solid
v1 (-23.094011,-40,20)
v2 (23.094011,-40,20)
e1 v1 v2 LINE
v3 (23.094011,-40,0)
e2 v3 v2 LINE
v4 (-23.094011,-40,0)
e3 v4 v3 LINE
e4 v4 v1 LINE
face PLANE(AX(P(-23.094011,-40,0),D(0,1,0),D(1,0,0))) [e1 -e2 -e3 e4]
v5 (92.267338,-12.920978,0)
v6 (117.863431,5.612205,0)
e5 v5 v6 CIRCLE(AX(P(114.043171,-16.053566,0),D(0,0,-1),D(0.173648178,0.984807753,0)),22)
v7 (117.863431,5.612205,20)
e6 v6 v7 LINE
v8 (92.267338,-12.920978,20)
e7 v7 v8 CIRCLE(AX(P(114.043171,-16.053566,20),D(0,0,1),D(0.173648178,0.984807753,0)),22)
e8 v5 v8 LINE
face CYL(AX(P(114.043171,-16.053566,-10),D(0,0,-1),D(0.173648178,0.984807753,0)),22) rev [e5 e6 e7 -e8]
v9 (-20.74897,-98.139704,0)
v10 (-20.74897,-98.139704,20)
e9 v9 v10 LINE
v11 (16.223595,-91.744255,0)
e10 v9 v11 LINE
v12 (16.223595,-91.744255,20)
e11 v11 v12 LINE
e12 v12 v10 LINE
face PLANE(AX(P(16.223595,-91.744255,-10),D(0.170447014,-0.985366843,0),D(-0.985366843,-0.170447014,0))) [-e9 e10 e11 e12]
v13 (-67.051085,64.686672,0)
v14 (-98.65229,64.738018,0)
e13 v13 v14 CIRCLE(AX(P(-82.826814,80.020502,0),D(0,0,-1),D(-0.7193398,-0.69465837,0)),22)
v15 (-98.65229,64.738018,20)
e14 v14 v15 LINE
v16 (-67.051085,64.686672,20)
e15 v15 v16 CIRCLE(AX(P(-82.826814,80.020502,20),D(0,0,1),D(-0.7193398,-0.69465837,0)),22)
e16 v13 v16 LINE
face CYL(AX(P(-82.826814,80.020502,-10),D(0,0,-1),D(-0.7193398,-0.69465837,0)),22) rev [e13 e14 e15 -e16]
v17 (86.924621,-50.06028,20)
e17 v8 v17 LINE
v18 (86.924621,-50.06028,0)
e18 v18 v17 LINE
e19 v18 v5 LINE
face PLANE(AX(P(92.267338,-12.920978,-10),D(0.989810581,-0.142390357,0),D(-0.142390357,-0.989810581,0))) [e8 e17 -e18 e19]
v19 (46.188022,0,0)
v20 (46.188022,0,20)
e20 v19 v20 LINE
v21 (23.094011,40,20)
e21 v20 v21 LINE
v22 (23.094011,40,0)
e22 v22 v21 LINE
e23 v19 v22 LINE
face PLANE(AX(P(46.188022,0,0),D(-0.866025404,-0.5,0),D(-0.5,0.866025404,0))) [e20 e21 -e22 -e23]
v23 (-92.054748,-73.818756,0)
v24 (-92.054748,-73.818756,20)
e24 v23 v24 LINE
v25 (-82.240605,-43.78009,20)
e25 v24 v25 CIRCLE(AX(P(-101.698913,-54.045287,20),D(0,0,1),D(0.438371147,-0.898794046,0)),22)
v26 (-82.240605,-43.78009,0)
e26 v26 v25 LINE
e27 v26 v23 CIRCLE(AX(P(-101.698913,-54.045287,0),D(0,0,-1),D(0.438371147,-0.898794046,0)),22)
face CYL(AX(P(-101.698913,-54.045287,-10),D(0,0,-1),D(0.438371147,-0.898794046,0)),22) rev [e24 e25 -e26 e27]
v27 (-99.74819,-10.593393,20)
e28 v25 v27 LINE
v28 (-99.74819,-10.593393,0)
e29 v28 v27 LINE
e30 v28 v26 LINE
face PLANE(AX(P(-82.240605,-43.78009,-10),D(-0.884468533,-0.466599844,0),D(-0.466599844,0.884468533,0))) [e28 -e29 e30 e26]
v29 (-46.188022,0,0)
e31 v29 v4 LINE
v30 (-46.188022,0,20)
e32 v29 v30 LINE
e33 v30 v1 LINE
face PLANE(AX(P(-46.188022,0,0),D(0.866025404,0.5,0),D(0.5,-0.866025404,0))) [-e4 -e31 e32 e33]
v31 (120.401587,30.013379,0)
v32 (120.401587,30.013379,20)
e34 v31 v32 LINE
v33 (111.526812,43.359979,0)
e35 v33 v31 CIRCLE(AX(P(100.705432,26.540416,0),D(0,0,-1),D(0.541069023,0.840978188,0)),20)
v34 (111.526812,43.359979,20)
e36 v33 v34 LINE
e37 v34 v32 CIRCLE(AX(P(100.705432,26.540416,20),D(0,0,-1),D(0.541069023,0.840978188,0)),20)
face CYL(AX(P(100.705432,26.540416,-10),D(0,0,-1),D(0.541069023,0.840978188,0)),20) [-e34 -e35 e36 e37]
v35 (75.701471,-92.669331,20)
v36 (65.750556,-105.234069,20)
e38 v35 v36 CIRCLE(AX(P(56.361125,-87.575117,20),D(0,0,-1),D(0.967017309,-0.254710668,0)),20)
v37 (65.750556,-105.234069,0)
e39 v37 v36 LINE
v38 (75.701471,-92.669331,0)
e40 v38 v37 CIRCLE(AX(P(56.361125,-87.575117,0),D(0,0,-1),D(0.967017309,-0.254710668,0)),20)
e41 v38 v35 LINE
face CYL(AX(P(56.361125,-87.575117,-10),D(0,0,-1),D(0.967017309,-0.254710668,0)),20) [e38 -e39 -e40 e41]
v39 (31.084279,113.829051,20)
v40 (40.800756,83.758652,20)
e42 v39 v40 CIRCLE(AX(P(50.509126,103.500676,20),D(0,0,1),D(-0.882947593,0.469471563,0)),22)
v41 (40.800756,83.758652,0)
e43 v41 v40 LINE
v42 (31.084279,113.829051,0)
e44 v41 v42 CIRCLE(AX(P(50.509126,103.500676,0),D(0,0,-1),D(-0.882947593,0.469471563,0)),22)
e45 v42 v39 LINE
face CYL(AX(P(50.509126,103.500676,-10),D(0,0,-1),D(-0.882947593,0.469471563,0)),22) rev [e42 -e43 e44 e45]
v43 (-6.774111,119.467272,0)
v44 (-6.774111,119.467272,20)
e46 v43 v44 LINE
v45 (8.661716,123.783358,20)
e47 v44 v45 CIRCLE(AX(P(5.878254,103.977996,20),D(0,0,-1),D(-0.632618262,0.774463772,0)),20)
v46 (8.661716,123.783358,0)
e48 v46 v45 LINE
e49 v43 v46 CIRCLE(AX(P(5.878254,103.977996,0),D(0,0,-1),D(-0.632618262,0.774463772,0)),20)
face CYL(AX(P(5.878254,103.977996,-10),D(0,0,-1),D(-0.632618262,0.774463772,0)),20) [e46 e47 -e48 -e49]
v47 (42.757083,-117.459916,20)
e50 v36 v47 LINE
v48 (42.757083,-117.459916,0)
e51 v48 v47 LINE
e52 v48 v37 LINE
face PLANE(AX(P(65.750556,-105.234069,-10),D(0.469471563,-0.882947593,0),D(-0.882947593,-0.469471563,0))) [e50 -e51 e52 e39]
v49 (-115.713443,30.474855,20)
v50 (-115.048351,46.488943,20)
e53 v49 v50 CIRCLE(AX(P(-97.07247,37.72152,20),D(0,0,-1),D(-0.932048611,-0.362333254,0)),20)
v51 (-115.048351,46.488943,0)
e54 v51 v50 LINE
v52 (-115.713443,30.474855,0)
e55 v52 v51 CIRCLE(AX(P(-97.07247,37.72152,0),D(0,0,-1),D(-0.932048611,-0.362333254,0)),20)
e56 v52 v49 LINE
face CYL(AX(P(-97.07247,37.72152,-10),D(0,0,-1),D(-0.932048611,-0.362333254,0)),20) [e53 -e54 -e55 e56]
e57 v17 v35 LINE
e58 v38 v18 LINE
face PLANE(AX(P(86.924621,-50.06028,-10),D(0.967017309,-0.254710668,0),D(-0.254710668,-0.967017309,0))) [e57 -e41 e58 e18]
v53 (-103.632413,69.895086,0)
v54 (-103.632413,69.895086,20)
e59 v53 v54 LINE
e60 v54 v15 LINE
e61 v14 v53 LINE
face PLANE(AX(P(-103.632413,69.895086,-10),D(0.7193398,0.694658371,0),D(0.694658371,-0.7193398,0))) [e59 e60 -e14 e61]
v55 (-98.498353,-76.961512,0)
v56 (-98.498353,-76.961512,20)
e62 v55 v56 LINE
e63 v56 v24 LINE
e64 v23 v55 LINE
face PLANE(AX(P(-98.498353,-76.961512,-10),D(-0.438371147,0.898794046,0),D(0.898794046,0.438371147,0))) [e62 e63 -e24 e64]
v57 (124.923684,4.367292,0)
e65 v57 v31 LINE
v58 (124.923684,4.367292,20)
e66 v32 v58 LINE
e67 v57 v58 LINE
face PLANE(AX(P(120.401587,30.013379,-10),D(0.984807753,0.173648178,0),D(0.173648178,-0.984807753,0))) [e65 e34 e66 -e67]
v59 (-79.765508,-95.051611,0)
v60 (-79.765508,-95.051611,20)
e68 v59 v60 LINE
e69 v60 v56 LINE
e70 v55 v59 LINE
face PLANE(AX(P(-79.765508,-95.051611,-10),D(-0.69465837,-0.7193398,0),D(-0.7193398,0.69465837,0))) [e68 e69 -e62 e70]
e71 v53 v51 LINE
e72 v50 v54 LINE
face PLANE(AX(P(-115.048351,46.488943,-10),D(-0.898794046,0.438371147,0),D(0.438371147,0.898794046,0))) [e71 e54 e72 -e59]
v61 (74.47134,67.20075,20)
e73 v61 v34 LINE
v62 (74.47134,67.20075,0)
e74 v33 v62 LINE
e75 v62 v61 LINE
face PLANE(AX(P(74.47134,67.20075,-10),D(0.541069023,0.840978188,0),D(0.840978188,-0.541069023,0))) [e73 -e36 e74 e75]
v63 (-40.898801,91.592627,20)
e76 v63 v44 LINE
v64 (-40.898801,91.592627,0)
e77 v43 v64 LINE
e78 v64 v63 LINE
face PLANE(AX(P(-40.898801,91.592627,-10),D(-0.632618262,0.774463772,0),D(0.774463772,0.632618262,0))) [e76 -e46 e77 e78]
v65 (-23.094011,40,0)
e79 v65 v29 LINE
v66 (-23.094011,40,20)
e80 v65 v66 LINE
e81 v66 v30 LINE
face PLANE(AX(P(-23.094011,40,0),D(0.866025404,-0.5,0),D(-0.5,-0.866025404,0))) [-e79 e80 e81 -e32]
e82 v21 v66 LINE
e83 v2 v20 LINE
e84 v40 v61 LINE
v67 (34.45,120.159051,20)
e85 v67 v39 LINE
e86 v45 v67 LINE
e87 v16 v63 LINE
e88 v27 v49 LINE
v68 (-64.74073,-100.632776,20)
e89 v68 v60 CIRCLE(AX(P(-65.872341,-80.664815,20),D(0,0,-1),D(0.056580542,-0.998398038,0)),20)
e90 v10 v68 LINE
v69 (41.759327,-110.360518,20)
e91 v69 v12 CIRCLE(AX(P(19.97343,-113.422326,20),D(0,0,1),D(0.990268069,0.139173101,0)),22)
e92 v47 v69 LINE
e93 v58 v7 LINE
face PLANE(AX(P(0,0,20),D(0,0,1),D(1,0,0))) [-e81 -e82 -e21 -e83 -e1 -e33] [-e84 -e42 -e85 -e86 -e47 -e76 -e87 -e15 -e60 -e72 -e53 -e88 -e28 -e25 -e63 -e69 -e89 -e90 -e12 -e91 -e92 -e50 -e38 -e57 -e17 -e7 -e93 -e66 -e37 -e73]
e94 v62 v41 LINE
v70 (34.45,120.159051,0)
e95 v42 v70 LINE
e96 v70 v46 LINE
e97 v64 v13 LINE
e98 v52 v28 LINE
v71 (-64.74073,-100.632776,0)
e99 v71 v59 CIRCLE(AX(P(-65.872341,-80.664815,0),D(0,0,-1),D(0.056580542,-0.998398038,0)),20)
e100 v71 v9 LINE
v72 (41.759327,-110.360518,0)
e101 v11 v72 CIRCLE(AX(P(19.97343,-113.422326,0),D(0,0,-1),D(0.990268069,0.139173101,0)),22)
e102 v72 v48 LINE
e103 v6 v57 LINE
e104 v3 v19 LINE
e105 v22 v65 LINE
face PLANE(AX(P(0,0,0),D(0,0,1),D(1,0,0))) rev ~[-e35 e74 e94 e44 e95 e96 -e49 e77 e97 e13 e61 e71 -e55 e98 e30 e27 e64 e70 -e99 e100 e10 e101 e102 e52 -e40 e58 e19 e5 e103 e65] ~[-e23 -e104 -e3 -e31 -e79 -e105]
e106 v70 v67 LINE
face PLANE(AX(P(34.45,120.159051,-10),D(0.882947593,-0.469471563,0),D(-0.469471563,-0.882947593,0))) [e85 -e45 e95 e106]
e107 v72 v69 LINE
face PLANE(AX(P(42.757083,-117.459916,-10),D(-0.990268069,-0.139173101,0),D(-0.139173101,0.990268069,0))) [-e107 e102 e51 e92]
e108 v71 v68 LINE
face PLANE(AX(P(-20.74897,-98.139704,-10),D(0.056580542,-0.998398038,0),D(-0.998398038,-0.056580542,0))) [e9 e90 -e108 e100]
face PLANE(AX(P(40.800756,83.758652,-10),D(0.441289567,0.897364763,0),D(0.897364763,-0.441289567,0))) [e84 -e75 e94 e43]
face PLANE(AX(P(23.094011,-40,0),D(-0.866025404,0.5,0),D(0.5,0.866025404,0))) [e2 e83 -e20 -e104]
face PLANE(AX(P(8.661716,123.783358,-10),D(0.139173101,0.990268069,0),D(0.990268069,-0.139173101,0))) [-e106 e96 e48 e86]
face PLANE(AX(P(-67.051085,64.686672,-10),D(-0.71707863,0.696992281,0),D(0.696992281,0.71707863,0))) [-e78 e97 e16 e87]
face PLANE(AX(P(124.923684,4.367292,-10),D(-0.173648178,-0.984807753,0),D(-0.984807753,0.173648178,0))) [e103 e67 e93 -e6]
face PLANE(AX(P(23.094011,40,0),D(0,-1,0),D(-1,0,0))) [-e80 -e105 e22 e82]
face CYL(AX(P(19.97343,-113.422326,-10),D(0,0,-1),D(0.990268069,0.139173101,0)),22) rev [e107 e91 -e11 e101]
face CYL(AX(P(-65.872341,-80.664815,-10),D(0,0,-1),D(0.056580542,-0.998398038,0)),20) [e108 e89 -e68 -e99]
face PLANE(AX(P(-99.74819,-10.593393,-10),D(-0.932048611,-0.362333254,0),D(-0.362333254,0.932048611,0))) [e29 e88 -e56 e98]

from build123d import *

# Parameters (mm, degrees)
SKETCH1_R           = 125
BOSS_EXTRUDE1_DEPTH = 20
CUT_EXTRUDE1_START  = -30
CUT_EXTRUDE1_DEPTH  = 30


with BuildPart() as part:
    # Sketch1 → Boss-Extrude1 (new body)
    with BuildSketch(Plane.XY):
        Circle(SKETCH1_R)
        Polygon((23.094010768, -40), (46.188021535, 0), (23.094010768, 40), (-23.094010768, 40), (-46.188021535, 0), (-23.094010768, -40), align=None, mode=Mode.SUBTRACT)
    extrude(amount=BOSS_EXTRUDE1_DEPTH)

    # Sketch3 → Cut-Extrude1 (cut)
    with BuildSketch(Plane.XY.offset(20).offset(CUT_EXTRUDE1_START)):
        with BuildLine():
            ThreePointArc((-6.774110793, 119.467271802), (0.492536101, 123.239201876), (8.661716474, 123.783357737))
            Line((8.661716474, 123.783357737), (34.45, 120.159050845))
            ThreePointArc((34.45, 120.159050845), (-42.75708256, 117.459916103), (-103.632412842, 69.895085725))
            Line((-103.632412842, 69.895085725), (-98.652289989, 64.738017545))
            ThreePointArc((-98.652289989, 64.738017545), (-82.862560201, 58.020530735), (-67.051084533, 64.686671523))
            Line((-67.051084533, 64.686671523), (-40.898801445, 91.592627068))
            Line((-40.898801445, 91.592627068), (-6.774110793, 119.467271802))
        make_face()
        with BuildLine():
            ThreePointArc((124.923683754, 4.367291753), (98.498353472, 76.96151222), (34.45, 120.159050845))
            Line((34.45, 120.159050845), (31.084279298, 113.829050845))
            ThreePointArc((31.084279298, 113.829050845), (29.574864535, 96.736307856), (40.800755858, 83.75865168))
            Line((40.800755858, 83.75865168), (74.471340122, 67.200749946))
            Line((74.471340122, 67.200749946), (111.526811975, 43.35997947))
            ThreePointArc((111.526811975, 43.35997947), (117.359648033, 37.614578084), (120.401586576, 30.013379267))
            Line((120.401586576, 30.013379267), (124.923683754, 4.367291753))
        make_face()
        with BuildLine():
            ThreePointArc((42.75708256, -117.459916103), (103.632412842, -69.895085725), (124.923683754, 4.367291753))
            Line((124.923683754, 4.367291753), (117.863431111, 5.612204784))
            ThreePointArc((117.863431111, 5.612204784), (101.140831696, 1.765795466), (92.26733842, -12.920977933))
            Line((92.26733842, -12.920977933), (86.924620828, -50.060279532))
            Line((86.924620828, -50.060279532), (75.70147125, -92.669330738))
            ThreePointArc((75.70147125, -92.669330738), (72.039715291, -99.992114147), (65.75055633, -105.234069233))
            Line((65.75055633, -105.234069233), (42.75708256, -117.459916103))
        make_face()
        with BuildLine():
            Line((-115.048351394, 46.488943056), (-103.632412842, 69.895085725))
            ThreePointArc((-103.632412842, 69.895085725), (-124.923683754, -4.367291753), (-98.498353472, -76.96151222))
            Line((-98.498353472, -76.96151222), (-92.054747579, -73.818755638))
            ThreePointArc((-92.054747579, -73.818755638), (-80.786743134, -60.877647816), (-82.240605082, -43.780090059))
            Line((-82.240605082, -43.780090059), (-99.748189513, -10.593393299))
            Line((-99.748189513, -10.593393299), (-115.713442688, 30.474855047))
            ThreePointArc((-115.713442688, 30.474855047), (-117.055243981, 38.551437421), (-115.048351394, 46.488943056))
        make_face()
        with BuildLine():
            Line((-79.765507985, -95.051610828), (-98.498353472, -76.96151222))
            ThreePointArc((-98.498353472, -76.96151222), (-34.45, -120.159050845), (42.75708256, -117.459916103))
            Line((42.75708256, -117.459916103), (41.75932716, -110.360517537))
            ThreePointArc((41.75932716, -110.360517537), (32.933607104, -95.644986241), (16.223595337, -91.744255211))
            Line((16.223595337, -91.744255211), (-20.748969991, -98.139704183))
            Line((-20.748969991, -98.139704183), (-64.740729744, -100.632775581))
            ThreePointArc((-64.740729744, -100.632775581), (-72.836655443, -99.413103234), (-79.765507985, -95.051610828))
        make_face()
    extrude(amount=CUT_EXTRUDE1_DEPTH, mode=Mode.SUBTRACT)


solid = part.part
